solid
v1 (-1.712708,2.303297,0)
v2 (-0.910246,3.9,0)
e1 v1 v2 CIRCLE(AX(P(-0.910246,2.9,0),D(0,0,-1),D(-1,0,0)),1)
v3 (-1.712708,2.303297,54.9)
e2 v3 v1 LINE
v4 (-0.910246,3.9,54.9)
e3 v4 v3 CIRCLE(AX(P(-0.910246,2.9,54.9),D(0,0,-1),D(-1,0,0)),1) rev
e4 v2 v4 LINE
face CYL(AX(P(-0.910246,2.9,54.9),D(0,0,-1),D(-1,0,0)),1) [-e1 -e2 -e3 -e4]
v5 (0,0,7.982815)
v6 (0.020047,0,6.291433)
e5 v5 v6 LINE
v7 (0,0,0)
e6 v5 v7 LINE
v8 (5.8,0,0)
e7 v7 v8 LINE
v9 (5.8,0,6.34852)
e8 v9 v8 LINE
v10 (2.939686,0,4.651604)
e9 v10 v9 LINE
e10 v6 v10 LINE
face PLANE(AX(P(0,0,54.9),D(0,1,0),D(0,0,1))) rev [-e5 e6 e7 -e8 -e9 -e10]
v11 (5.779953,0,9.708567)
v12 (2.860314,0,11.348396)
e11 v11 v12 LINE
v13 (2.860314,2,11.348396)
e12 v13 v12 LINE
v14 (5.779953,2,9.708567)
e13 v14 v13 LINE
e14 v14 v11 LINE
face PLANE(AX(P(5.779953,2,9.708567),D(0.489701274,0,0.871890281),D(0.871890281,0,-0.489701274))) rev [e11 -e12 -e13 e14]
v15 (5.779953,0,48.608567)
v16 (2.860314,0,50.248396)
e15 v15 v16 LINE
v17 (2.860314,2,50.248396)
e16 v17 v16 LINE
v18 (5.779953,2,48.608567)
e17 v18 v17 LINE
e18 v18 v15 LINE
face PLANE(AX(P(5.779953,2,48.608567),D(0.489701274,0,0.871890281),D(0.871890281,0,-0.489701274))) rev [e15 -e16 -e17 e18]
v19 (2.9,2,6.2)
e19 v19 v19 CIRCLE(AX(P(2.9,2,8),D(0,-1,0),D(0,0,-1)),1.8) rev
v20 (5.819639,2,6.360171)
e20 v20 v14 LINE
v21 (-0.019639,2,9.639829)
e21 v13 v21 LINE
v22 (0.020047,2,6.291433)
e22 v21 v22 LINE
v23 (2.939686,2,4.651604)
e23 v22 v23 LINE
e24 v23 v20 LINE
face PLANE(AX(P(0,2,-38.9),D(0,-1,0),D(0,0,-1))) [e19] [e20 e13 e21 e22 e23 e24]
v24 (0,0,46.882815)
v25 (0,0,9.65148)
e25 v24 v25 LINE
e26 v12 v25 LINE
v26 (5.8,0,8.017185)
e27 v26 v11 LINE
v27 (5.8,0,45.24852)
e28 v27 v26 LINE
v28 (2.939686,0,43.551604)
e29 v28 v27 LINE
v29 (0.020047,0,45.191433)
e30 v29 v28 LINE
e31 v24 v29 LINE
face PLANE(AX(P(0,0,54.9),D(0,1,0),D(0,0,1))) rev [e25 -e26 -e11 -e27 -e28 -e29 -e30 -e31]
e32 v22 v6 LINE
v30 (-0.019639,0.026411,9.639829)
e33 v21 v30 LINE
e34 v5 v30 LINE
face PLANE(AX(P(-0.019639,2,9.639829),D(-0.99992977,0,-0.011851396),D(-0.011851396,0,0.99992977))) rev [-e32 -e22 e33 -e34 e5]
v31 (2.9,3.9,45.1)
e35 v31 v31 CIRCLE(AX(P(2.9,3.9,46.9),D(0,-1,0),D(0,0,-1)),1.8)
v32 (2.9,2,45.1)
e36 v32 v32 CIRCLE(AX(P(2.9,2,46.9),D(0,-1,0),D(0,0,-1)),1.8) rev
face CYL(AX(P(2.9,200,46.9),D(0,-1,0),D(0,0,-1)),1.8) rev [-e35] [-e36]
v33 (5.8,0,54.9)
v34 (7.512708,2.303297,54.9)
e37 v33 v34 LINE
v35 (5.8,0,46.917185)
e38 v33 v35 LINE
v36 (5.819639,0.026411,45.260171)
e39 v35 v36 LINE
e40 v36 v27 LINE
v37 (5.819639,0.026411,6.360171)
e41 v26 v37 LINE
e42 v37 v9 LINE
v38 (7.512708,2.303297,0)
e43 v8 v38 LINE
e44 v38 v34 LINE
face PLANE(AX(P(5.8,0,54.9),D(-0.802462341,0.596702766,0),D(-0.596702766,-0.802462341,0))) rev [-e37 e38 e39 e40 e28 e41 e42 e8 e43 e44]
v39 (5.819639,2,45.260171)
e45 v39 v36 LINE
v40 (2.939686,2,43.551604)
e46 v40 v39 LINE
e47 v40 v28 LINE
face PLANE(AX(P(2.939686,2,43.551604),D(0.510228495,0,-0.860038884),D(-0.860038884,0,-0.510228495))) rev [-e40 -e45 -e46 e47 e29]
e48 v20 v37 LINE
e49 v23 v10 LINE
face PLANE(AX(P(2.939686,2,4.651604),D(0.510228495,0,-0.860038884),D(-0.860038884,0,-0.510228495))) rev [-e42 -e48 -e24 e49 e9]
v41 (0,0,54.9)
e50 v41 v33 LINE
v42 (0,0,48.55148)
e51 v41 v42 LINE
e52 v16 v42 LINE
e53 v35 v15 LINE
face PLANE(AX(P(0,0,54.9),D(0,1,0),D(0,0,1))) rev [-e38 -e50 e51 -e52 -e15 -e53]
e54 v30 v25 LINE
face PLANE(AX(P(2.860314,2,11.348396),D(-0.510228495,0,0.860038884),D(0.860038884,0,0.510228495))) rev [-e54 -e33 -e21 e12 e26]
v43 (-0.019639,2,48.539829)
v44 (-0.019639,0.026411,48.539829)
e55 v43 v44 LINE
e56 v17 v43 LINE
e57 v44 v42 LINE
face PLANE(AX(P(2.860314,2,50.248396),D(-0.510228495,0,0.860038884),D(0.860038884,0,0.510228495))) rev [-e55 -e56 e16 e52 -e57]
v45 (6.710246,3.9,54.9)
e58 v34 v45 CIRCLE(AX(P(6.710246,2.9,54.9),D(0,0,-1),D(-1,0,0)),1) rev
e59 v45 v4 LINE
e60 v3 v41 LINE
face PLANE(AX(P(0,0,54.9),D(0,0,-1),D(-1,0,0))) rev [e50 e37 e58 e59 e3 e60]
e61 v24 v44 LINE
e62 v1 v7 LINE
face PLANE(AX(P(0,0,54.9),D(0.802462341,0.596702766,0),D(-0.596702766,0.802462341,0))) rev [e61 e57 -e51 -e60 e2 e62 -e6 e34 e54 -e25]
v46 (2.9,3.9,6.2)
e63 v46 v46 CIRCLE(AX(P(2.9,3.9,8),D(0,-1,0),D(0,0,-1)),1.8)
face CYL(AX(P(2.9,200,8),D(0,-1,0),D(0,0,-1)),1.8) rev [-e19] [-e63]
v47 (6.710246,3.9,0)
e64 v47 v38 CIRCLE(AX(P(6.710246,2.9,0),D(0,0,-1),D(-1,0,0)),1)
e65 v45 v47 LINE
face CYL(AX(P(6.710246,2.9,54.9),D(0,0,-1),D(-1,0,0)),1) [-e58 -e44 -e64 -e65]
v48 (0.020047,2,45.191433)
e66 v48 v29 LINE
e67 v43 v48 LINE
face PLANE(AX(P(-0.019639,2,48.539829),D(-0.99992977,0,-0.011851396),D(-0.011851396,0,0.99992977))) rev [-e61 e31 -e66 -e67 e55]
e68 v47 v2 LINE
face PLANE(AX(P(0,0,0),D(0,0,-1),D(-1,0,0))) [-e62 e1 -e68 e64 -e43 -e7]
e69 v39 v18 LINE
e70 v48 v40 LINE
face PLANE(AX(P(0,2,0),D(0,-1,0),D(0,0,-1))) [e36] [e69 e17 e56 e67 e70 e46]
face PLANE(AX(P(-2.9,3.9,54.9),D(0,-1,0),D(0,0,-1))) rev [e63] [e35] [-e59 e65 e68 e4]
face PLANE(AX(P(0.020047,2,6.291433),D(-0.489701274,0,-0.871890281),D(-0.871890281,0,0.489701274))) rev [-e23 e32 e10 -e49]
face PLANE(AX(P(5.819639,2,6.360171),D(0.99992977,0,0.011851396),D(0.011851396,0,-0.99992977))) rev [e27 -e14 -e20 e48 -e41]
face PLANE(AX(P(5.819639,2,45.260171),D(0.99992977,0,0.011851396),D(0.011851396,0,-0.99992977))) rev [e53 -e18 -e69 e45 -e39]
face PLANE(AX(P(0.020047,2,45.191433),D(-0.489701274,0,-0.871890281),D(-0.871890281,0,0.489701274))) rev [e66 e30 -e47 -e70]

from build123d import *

# Parameters (mm, degrees)
BOSS_EXTRUDE1_DEPTH = 54.9
FILLET1_R           = 1
SKETCH2_R           = 1.8
CUT_EXTRUDE1_DEPTH  = 200
CUT_EXTRUDE2_DEPTH  = 2
LPATTERN1_COUNT     = 2
LPATTERN1_PITCH     = 38.9


with BuildPart() as part:
    # Sketch1 → Boss-Extrude1 (new body)
    with BuildSketch(Plane.XY):
        Polygon((0, 0), (5.8, 0), (8.7, 3.9), (-2.9, 3.9), align=None)
    extrude(amount=BOSS_EXTRUDE1_DEPTH)

    # Fillet1
    fillet1_edges = [part.edges().sort_by_distance(p)[0] for p in [
        (-2.9, 3.9, 27.45),
        (8.7, 3.9, 27.45),
    ]]
    fillet(fillet1_edges, radius=FILLET1_R)

    # Sketch2 → Cut-Extrude1 (cut)
    with BuildSketch(Plane.XZ):
        with Locations(Location((2.9, 46.9, 0), (0, 0, 270))):
            Circle(SKETCH2_R)
    cut_extrude1 = extrude(amount=-CUT_EXTRUDE1_DEPTH, mode=Mode.SUBTRACT)

    # Sketch3 → Cut-Extrude2 (cut)
    with BuildSketch(Plane.XZ):
        Polygon((2.93968596, 43.551603614), (5.819639312, 45.260170857), (5.779953352, 48.608567243), (2.86031404, 50.248396386), (-0.019639312, 48.539829143), (0.020046648, 45.191432757), align=None)
    cut_extrude2 = extrude(amount=-CUT_EXTRUDE2_DEPTH, mode=Mode.SUBTRACT)

    # LPattern1: Cut-Extrude1, Cut-Extrude2 ×2
    with Locations(*[(0, 0, -i * LPATTERN1_PITCH) for i in range(1, LPATTERN1_COUNT)]):
        add(cut_extrude1, mode=Mode.SUBTRACT)
        add(cut_extrude2, mode=Mode.SUBTRACT)


solid = part.part
